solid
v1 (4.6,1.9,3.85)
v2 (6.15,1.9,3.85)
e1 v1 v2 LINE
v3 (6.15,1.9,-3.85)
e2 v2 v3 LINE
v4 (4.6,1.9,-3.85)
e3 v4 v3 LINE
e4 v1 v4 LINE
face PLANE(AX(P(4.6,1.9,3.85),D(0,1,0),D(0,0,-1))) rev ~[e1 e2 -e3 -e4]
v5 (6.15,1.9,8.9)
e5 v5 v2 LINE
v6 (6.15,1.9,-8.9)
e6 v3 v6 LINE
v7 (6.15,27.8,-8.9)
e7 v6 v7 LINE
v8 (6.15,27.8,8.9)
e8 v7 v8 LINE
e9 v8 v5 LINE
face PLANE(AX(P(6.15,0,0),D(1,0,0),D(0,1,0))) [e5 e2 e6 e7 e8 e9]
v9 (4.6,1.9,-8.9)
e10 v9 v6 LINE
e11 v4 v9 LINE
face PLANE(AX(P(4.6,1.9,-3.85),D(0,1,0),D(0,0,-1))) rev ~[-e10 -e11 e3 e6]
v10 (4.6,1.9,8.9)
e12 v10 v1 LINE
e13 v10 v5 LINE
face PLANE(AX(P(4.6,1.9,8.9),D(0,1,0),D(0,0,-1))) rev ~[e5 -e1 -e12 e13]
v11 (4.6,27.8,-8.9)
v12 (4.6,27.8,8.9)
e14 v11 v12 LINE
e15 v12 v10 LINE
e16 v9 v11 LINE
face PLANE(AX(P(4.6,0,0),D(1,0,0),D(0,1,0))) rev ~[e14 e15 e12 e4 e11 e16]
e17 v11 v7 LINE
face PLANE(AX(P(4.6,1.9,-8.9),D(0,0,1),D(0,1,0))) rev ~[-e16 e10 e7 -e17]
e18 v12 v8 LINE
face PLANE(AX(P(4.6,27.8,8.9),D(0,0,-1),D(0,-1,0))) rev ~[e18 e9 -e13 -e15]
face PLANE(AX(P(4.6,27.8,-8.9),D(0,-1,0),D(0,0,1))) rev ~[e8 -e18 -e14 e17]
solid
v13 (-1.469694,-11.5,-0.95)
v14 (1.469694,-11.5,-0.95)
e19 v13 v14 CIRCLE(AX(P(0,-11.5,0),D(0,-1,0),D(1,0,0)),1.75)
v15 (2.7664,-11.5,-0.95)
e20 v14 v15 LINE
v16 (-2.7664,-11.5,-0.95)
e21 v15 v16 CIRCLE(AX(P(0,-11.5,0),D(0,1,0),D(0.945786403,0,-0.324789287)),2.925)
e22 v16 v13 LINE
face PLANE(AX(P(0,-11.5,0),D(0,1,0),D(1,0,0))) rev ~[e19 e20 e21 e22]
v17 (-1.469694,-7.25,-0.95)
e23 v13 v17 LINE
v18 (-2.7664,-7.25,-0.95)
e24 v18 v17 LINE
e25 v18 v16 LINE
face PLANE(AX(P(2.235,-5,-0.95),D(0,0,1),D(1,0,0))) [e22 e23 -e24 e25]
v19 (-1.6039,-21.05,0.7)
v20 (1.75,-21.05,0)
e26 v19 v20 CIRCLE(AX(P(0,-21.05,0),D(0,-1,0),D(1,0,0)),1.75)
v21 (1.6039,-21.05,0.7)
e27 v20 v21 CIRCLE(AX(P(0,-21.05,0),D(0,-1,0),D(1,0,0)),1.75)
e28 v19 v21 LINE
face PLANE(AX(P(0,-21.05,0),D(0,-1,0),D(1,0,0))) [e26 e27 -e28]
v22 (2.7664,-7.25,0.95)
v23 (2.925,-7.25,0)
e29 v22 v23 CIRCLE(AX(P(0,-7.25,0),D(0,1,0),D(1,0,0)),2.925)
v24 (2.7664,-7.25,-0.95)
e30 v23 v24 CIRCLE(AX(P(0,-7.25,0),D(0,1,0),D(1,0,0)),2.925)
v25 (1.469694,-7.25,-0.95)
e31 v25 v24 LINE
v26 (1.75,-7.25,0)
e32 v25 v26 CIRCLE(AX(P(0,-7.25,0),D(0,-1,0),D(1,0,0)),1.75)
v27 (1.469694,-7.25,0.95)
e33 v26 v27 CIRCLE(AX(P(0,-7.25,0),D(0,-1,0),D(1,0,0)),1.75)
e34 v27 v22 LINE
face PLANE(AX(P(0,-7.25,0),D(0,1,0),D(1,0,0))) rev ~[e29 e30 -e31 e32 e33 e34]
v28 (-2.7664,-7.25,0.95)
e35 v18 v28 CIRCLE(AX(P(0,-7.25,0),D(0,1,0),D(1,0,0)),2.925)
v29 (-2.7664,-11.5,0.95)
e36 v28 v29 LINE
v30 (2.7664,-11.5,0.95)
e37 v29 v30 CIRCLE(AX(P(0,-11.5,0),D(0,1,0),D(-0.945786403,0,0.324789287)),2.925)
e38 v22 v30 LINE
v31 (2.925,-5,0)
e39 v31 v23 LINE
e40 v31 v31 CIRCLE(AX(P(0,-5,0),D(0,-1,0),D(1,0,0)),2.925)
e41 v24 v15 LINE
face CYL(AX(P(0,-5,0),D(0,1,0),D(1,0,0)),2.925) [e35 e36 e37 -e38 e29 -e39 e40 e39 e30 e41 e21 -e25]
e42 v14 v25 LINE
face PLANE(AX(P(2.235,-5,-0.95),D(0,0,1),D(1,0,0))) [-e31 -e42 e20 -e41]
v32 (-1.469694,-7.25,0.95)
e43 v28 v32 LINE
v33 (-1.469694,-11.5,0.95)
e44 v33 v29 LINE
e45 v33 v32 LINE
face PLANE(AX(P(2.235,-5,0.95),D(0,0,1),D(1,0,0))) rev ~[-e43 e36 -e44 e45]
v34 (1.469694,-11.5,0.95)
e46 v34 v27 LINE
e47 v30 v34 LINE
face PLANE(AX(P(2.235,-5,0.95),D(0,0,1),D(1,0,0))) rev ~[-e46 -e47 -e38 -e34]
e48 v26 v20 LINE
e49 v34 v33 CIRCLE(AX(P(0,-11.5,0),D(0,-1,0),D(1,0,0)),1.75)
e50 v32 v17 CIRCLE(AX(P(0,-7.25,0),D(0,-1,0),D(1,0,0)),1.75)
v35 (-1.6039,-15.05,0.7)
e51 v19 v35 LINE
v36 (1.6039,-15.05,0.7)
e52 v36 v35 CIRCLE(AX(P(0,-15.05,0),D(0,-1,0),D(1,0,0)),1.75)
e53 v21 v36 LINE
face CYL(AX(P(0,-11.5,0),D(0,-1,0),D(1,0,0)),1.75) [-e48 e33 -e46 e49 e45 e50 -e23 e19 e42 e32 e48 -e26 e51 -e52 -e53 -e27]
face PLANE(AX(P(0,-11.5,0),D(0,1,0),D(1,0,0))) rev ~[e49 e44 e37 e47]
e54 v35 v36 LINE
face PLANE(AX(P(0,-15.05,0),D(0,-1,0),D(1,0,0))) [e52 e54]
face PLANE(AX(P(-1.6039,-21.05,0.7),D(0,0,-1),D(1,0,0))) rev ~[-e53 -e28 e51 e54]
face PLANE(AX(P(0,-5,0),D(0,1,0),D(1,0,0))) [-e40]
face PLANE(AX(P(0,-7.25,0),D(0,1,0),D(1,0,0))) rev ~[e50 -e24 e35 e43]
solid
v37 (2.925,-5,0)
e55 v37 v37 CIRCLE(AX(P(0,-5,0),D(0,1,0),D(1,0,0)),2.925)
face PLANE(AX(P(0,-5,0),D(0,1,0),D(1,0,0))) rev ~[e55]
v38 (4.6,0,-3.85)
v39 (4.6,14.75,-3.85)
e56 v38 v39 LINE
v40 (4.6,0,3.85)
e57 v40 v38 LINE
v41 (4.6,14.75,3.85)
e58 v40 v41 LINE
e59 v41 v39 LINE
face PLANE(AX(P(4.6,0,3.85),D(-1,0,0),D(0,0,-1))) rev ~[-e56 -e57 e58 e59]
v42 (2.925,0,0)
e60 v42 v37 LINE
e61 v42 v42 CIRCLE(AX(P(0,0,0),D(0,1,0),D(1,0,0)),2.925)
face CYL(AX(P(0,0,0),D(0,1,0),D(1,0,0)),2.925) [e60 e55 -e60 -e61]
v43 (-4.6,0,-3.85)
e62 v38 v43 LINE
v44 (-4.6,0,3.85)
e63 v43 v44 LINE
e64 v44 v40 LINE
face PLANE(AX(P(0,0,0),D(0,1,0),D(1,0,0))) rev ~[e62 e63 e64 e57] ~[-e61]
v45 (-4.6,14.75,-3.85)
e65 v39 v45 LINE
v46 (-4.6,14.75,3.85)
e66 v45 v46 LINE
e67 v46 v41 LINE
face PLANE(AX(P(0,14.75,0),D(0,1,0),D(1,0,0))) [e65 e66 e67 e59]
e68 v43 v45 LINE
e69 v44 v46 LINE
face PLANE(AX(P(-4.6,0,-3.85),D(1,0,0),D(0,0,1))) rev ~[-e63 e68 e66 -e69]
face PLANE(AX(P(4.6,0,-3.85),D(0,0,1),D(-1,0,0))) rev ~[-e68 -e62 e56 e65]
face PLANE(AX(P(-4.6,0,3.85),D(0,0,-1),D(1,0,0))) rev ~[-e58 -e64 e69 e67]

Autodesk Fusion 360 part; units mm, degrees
sketch "Profile" plane through (0, 0, 0) normal (0, 1, 0) x (1, 0, 0)
  line L0 (4.6, 3.85) -> (-4.6, 3.85)
  line L1 (-4.6, 3.85) -> (-4.6, -3.85)
  line L2 (-4.6, -3.85) -> (4.6, -3.85)
  line L3 (4.6, -3.85) -> (4.6, 3.85)
  line L4 (4.6, 3.85) -> (-4.6, -3.85) construction
  line L5 (-4.6, 3.85) -> (4.6, -3.85) construction
  circle A0 centre (0, 0) radius 2.925
  line L6 (2.235, -1.8869) -> (2.235, 1.8869)
  line L7 (0, 0) -> (0, 6.159) construction
  line L8 (-2.235, -1.8869) -> (-2.235, 1.8869)
  line L9 (-2.7664, -0.95) -> (2.7664, -0.95)
  line L10 (0, 0) -> (1.3963, 0) construction
  line L11 (-2.7664, 0.95) -> (2.7664, 0.95)
  dimension "d1" = 9.2
  dimension "d2" = 7.7
  dimension "d3" = 5.85
  dimension "d17" = 2.235
  dimension "d18" = 0.95
extrude "Extrude1" add sketch "Profile" along normal blind 14.75 contours L0 L1 L2 L3 | A0 L6 L9 L11 | A0 L6 L11 | A0 L6 L9 | A0 L6 L8 L11 | L6 L8 L9 L11 | A0 L6 L8 L9 | A0 L8 L11 | A0 L8 L9 L11 | A0 L8 L9 makes body 1
extrude "Extrude2" add sketch "Profile" against normal blind 5 contours A0 L6 L9 L11 | A0 L6 L11 | A0 L6 L9 | A0 L6 L8 L11 | L6 L8 L9 L11 | A0 L6 L8 L9 | A0 L8 L11 | A0 L8 L9 L11 | A0 L8 L9 bodies 1
extrude "Extrude3" add sketch "Profile" against normal blind 6.5 from surface at -5 separate body contours A0 L6 L11 | A0 L6 L9 | A0 L6 L8 L11 | A0 L6 L8 L9 | A0 L8 L11 | A0 L8 L9 makes body 2 at (1.1749, -9.3333, -2.6787) makes body 3 at (-1.1749, -9.3333, 2.6787)
extrude "Extrude5" add sketch "Profile" against normal blind 2.25 from surface at -5 separate body contours A0 L6 L9 L11 | L6 L8 L9 L11 | A0 L8 L9 L11 makes body 4
combine "Combine1" operation add target body 3 tool bodies 4 2
cylinder "CylinderPrimitive1" add diameter 3.5 height 9.55 placed x (1, 0, 0) y (0, 0, 1) z (0, -1, 0) at (0, -11.5, 0) bodies 3
sketch "PCB" plane through (4.6, 0, 0) normal (1, 0, 0) x (0, 1, 0)
  line L0 (0, 3.85) -> (0, -3.85)
  line L1 (0, -3.85) -> (14.75, -3.85)
  line L2 (14.75, -3.85) -> (14.75, 3.85)
  line L3 (14.75, 3.85) -> (0, 3.85)
  line L4 (27.8, 8.9) -> (1.9, 8.9)
  line L5 (1.9, 8.9) -> (1.9, -8.9)
  line L6 (1.9, -8.9) -> (27.8, -8.9)
  line L7 (27.8, -8.9) -> (27.8, 8.9)
  line L8 (27.8, 8.9) -> (1.9, -8.9) construction
  line L9 (1.9, 8.9) -> (27.8, -8.9) construction
  point P0 (14.85, 0)
  dimension "d12" = 25.9
  dimension "d13" = 17.8
  dimension "d14" = 1.9
extrude "Extrude4" add sketch "PCB" along normal blind 1.55 separate body contours L1 L2 L3 L4 L5 L6 L7 | L1 L2 L3 L5 makes body 5
extrude "Extrude6" add 1 faces at (-0.4497, -11.5, 0.2434) along direction (0, 1, 0) up to surface (4.25 mm away) on bodies 3 bodies 3
sketch "Sketch4" plane through (0, -21.05, 0) normal (0, -1, 0) x (1, 0, 0)
  circle A0 centre (0, 0) radius 1.75
  line L0 (-1.6039, 0.7) -> (1.6039, 0.7)
  dimension "d25" = 2.45
extrude "Extrude7" cut sketch "Sketch4" against normal blind 6 contours A0 L0 picked at (-0.2322, 1.2474) bodies 3
equation "d17 = ( 4.47 / 2 ) * 1 mm"
equation "d18 = ( 1.9 / 2 ) * 1 mm"
